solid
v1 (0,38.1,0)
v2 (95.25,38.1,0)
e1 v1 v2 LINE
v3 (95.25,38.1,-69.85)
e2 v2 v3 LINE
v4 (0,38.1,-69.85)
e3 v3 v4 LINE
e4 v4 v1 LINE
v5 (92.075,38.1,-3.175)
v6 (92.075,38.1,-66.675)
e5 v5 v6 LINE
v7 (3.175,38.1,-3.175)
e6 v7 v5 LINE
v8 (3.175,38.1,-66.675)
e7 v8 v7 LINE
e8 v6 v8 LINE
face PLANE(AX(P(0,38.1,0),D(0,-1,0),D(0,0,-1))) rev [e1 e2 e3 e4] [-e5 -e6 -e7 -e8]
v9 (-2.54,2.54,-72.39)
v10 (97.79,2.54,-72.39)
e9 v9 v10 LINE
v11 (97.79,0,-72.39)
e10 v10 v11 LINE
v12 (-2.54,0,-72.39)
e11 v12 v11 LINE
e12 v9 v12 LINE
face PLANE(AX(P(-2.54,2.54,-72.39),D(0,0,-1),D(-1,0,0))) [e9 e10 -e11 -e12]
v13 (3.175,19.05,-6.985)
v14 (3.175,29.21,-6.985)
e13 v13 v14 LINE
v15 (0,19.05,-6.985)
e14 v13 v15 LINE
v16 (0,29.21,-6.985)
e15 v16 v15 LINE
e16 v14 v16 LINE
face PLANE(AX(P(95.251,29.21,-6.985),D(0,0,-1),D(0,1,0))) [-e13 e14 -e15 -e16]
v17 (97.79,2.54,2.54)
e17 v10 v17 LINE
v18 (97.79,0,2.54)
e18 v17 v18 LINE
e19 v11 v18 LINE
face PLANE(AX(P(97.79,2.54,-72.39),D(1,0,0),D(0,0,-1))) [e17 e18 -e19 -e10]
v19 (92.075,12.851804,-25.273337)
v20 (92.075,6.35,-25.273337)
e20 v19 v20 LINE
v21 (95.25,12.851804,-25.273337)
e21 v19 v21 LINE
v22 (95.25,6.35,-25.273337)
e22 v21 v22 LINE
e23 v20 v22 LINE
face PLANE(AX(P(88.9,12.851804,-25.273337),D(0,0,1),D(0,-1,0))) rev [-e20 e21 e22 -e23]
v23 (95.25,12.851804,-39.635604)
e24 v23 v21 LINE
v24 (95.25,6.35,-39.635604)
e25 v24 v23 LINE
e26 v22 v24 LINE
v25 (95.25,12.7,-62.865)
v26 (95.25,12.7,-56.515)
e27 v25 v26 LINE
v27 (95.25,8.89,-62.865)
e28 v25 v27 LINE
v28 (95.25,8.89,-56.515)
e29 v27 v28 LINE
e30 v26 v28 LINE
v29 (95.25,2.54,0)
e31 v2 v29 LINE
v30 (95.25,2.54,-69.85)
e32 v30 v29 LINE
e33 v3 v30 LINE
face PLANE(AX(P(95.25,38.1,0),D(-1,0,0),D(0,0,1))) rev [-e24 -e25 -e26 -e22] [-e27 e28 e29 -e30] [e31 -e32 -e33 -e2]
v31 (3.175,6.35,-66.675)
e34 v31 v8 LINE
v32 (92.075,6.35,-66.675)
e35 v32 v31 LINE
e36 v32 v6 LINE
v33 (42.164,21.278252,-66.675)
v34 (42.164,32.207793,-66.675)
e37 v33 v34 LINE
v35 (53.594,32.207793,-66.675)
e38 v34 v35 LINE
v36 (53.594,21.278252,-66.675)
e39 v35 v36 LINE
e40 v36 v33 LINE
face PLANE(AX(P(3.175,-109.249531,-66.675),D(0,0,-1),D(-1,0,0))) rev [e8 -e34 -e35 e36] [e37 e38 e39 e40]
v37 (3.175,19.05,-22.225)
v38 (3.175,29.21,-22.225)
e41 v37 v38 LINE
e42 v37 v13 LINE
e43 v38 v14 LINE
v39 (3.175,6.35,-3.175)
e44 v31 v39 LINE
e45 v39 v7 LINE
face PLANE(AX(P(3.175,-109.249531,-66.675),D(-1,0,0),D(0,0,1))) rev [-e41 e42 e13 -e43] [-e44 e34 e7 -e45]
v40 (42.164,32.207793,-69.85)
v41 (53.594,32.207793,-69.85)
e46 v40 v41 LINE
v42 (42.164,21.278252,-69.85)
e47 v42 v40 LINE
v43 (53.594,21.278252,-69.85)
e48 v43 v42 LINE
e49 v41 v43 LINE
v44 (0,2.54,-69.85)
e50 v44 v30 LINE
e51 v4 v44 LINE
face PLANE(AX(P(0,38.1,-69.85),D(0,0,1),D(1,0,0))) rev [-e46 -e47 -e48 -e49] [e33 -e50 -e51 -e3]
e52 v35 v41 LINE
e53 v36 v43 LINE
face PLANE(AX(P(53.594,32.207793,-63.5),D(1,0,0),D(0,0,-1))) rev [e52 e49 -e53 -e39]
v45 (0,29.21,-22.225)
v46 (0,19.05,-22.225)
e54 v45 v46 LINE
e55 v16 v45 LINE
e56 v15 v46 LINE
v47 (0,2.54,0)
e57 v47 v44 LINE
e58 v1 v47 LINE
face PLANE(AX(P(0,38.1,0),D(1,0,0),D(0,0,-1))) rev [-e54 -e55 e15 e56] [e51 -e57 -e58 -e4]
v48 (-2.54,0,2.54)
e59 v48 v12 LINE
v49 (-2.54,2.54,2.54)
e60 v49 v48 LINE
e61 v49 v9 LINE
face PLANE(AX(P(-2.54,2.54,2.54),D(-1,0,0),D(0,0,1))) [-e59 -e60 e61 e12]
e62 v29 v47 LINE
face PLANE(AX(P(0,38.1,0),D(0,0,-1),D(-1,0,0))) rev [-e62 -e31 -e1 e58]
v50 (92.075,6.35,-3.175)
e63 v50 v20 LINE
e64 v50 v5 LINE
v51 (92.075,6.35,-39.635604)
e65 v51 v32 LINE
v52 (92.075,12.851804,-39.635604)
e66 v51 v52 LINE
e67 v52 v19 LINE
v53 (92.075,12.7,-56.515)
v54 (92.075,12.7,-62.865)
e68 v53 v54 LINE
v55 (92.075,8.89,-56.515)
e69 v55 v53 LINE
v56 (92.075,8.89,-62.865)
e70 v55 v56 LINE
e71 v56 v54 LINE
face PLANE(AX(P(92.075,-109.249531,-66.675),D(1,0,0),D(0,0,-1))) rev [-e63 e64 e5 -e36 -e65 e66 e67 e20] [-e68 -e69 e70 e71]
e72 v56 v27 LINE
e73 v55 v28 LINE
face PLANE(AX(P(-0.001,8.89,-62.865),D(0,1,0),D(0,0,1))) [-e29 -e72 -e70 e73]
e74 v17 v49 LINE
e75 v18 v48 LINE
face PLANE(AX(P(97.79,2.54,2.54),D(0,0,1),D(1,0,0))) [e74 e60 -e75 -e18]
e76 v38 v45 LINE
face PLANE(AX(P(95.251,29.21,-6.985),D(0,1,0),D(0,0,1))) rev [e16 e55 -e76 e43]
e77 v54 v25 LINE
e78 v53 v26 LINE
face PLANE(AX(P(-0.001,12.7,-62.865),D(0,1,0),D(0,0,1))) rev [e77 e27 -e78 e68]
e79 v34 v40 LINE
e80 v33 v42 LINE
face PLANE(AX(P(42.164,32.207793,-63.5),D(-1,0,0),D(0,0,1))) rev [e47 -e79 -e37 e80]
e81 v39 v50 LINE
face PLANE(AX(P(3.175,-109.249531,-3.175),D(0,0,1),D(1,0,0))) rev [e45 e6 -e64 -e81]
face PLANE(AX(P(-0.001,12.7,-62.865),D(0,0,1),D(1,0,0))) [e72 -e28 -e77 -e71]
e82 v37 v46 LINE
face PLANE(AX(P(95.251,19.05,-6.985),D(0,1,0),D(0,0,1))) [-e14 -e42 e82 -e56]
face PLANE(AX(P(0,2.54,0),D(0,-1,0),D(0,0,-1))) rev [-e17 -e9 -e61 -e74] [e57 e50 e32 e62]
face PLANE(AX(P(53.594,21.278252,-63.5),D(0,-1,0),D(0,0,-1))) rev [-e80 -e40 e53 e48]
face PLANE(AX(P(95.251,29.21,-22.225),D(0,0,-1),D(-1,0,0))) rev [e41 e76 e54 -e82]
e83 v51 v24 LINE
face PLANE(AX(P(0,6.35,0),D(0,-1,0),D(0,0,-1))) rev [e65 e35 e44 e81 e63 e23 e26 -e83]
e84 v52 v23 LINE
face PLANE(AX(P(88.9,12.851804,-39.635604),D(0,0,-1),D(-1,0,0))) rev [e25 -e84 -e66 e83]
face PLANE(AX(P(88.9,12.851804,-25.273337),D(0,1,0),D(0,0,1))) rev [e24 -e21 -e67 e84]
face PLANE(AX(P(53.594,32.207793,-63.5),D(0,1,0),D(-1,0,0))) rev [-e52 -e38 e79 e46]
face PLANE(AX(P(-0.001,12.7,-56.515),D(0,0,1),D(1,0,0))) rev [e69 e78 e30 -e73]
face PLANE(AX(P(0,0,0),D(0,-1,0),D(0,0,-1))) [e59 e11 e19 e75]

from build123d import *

# Parameters (mm, degrees)
SKETCH1_W           = 95.25
SKETCH1_H           = 69.85
BOSS_EXTRUDE1_DEPTH = 38.1
SKETCH2_W           = 88.9
SKETCH2_H           = 63.5
CUT_EXTRUDE1_DEPTH  = 31.75
CUT_EXTRUDE2_REACH  = 126.11
SKETCH3_W           = 6.35
SKETCH3_H           = 3.81
CUT_EXTRUDE3_REACH  = 126.11
SKETCH4_W           = 15.24
SKETCH4_H           = 10.16
SKETCH5_W           = 100.33
SKETCH5_H           = 74.93
BOSS_EXTRUDE2_DEPTH = 2.54
SKETCH6_W           = 11.43
SKETCH6_H           = 10.929541263
CUT_EXTRUDE4_DEPTH  = 6.35
SKETCH7_W           = 14.362267298
SKETCH7_H           = 6.50180408
CUT_EXTRUDE5_DEPTH  = 6.35


with BuildPart() as part:
    # Sketch1 → Boss-Extrude1 (new body)
    with BuildSketch(Plane(origin=(0, 0, 0), x_dir=(1, 0, 0), z_dir=(0, 1, 0))):
        with Locations((47.625, 34.925)):
            Rectangle(SKETCH1_W, SKETCH1_H)
    extrude(amount=BOSS_EXTRUDE1_DEPTH)

    # Sketch2 → Cut-Extrude1 (cut)
    with BuildSketch(Plane(origin=(0, 38.1, 0), x_dir=(1, 0, 0), z_dir=(0, 1, 0))):
        with Locations((47.625, 34.925)):
            Rectangle(SKETCH2_W, SKETCH2_H)
    extrude(amount=-CUT_EXTRUDE1_DEPTH, mode=Mode.SUBTRACT)

    # Sketch3 → Cut-Extrude2 (cut, up to next)
    with BuildSketch(Plane(origin=(95.25, 0, 0), x_dir=(0, 0, -1), z_dir=(1, 0, 0)), mode=Mode.PRIVATE) as cut_extrude2_sk1:
        with Locations((59.69, 10.795)):
            Rectangle(SKETCH3_W, SKETCH3_H)
    cut_extrude2_tool1 = extrude(cut_extrude2_sk1.sketch, amount=-CUT_EXTRUDE2_REACH, mode=Mode.PRIVATE) & part.part
    add(cut_extrude2_tool1.solids().sort_by_distance((95.25, 10.795, -59.69))[0], mode=Mode.SUBTRACT)

    # Sketch4 → Cut-Extrude3 (cut, up to next)
    with BuildSketch(Plane.ZY, mode=Mode.PRIVATE) as cut_extrude3_sk1:
        with Locations((-14.605, 24.13)):
            Rectangle(SKETCH4_W, SKETCH4_H)
    cut_extrude3_tool1 = extrude(cut_extrude3_sk1.sketch, amount=-CUT_EXTRUDE3_REACH, mode=Mode.PRIVATE) & part.part
    add(cut_extrude3_tool1.solids().sort_by_distance((0, 24.13, -14.605))[0], mode=Mode.SUBTRACT)

    # Sketch5 → Boss-Extrude2 (add)
    with BuildSketch(Plane.XZ):
        with Locations((47.625, -34.925)):
            Rectangle(SKETCH5_W, SKETCH5_H)
    extrude(amount=-BOSS_EXTRUDE2_DEPTH)

    # Sketch6 → Cut-Extrude4 (cut)
    with BuildSketch(Plane(origin=(0, 0, -69.85), x_dir=(-1, 0, 0), z_dir=(0, 0, -1))):
        with Locations((-47.879, 26.743022326)):
            Rectangle(SKETCH6_W, SKETCH6_H)
    extrude(amount=-CUT_EXTRUDE4_DEPTH, mode=Mode.SUBTRACT)

    # Sketch7 → Cut-Extrude5 (cut)
    with BuildSketch(Plane(origin=(95.25, 0, 0), x_dir=(0, 0, -1), z_dir=(1, 0, 0))):
        with Locations((32.45447078, 9.60090204)):
            Rectangle(SKETCH7_W, SKETCH7_H)
    extrude(amount=-CUT_EXTRUDE5_DEPTH, mode=Mode.SUBTRACT)


solid = part.part
